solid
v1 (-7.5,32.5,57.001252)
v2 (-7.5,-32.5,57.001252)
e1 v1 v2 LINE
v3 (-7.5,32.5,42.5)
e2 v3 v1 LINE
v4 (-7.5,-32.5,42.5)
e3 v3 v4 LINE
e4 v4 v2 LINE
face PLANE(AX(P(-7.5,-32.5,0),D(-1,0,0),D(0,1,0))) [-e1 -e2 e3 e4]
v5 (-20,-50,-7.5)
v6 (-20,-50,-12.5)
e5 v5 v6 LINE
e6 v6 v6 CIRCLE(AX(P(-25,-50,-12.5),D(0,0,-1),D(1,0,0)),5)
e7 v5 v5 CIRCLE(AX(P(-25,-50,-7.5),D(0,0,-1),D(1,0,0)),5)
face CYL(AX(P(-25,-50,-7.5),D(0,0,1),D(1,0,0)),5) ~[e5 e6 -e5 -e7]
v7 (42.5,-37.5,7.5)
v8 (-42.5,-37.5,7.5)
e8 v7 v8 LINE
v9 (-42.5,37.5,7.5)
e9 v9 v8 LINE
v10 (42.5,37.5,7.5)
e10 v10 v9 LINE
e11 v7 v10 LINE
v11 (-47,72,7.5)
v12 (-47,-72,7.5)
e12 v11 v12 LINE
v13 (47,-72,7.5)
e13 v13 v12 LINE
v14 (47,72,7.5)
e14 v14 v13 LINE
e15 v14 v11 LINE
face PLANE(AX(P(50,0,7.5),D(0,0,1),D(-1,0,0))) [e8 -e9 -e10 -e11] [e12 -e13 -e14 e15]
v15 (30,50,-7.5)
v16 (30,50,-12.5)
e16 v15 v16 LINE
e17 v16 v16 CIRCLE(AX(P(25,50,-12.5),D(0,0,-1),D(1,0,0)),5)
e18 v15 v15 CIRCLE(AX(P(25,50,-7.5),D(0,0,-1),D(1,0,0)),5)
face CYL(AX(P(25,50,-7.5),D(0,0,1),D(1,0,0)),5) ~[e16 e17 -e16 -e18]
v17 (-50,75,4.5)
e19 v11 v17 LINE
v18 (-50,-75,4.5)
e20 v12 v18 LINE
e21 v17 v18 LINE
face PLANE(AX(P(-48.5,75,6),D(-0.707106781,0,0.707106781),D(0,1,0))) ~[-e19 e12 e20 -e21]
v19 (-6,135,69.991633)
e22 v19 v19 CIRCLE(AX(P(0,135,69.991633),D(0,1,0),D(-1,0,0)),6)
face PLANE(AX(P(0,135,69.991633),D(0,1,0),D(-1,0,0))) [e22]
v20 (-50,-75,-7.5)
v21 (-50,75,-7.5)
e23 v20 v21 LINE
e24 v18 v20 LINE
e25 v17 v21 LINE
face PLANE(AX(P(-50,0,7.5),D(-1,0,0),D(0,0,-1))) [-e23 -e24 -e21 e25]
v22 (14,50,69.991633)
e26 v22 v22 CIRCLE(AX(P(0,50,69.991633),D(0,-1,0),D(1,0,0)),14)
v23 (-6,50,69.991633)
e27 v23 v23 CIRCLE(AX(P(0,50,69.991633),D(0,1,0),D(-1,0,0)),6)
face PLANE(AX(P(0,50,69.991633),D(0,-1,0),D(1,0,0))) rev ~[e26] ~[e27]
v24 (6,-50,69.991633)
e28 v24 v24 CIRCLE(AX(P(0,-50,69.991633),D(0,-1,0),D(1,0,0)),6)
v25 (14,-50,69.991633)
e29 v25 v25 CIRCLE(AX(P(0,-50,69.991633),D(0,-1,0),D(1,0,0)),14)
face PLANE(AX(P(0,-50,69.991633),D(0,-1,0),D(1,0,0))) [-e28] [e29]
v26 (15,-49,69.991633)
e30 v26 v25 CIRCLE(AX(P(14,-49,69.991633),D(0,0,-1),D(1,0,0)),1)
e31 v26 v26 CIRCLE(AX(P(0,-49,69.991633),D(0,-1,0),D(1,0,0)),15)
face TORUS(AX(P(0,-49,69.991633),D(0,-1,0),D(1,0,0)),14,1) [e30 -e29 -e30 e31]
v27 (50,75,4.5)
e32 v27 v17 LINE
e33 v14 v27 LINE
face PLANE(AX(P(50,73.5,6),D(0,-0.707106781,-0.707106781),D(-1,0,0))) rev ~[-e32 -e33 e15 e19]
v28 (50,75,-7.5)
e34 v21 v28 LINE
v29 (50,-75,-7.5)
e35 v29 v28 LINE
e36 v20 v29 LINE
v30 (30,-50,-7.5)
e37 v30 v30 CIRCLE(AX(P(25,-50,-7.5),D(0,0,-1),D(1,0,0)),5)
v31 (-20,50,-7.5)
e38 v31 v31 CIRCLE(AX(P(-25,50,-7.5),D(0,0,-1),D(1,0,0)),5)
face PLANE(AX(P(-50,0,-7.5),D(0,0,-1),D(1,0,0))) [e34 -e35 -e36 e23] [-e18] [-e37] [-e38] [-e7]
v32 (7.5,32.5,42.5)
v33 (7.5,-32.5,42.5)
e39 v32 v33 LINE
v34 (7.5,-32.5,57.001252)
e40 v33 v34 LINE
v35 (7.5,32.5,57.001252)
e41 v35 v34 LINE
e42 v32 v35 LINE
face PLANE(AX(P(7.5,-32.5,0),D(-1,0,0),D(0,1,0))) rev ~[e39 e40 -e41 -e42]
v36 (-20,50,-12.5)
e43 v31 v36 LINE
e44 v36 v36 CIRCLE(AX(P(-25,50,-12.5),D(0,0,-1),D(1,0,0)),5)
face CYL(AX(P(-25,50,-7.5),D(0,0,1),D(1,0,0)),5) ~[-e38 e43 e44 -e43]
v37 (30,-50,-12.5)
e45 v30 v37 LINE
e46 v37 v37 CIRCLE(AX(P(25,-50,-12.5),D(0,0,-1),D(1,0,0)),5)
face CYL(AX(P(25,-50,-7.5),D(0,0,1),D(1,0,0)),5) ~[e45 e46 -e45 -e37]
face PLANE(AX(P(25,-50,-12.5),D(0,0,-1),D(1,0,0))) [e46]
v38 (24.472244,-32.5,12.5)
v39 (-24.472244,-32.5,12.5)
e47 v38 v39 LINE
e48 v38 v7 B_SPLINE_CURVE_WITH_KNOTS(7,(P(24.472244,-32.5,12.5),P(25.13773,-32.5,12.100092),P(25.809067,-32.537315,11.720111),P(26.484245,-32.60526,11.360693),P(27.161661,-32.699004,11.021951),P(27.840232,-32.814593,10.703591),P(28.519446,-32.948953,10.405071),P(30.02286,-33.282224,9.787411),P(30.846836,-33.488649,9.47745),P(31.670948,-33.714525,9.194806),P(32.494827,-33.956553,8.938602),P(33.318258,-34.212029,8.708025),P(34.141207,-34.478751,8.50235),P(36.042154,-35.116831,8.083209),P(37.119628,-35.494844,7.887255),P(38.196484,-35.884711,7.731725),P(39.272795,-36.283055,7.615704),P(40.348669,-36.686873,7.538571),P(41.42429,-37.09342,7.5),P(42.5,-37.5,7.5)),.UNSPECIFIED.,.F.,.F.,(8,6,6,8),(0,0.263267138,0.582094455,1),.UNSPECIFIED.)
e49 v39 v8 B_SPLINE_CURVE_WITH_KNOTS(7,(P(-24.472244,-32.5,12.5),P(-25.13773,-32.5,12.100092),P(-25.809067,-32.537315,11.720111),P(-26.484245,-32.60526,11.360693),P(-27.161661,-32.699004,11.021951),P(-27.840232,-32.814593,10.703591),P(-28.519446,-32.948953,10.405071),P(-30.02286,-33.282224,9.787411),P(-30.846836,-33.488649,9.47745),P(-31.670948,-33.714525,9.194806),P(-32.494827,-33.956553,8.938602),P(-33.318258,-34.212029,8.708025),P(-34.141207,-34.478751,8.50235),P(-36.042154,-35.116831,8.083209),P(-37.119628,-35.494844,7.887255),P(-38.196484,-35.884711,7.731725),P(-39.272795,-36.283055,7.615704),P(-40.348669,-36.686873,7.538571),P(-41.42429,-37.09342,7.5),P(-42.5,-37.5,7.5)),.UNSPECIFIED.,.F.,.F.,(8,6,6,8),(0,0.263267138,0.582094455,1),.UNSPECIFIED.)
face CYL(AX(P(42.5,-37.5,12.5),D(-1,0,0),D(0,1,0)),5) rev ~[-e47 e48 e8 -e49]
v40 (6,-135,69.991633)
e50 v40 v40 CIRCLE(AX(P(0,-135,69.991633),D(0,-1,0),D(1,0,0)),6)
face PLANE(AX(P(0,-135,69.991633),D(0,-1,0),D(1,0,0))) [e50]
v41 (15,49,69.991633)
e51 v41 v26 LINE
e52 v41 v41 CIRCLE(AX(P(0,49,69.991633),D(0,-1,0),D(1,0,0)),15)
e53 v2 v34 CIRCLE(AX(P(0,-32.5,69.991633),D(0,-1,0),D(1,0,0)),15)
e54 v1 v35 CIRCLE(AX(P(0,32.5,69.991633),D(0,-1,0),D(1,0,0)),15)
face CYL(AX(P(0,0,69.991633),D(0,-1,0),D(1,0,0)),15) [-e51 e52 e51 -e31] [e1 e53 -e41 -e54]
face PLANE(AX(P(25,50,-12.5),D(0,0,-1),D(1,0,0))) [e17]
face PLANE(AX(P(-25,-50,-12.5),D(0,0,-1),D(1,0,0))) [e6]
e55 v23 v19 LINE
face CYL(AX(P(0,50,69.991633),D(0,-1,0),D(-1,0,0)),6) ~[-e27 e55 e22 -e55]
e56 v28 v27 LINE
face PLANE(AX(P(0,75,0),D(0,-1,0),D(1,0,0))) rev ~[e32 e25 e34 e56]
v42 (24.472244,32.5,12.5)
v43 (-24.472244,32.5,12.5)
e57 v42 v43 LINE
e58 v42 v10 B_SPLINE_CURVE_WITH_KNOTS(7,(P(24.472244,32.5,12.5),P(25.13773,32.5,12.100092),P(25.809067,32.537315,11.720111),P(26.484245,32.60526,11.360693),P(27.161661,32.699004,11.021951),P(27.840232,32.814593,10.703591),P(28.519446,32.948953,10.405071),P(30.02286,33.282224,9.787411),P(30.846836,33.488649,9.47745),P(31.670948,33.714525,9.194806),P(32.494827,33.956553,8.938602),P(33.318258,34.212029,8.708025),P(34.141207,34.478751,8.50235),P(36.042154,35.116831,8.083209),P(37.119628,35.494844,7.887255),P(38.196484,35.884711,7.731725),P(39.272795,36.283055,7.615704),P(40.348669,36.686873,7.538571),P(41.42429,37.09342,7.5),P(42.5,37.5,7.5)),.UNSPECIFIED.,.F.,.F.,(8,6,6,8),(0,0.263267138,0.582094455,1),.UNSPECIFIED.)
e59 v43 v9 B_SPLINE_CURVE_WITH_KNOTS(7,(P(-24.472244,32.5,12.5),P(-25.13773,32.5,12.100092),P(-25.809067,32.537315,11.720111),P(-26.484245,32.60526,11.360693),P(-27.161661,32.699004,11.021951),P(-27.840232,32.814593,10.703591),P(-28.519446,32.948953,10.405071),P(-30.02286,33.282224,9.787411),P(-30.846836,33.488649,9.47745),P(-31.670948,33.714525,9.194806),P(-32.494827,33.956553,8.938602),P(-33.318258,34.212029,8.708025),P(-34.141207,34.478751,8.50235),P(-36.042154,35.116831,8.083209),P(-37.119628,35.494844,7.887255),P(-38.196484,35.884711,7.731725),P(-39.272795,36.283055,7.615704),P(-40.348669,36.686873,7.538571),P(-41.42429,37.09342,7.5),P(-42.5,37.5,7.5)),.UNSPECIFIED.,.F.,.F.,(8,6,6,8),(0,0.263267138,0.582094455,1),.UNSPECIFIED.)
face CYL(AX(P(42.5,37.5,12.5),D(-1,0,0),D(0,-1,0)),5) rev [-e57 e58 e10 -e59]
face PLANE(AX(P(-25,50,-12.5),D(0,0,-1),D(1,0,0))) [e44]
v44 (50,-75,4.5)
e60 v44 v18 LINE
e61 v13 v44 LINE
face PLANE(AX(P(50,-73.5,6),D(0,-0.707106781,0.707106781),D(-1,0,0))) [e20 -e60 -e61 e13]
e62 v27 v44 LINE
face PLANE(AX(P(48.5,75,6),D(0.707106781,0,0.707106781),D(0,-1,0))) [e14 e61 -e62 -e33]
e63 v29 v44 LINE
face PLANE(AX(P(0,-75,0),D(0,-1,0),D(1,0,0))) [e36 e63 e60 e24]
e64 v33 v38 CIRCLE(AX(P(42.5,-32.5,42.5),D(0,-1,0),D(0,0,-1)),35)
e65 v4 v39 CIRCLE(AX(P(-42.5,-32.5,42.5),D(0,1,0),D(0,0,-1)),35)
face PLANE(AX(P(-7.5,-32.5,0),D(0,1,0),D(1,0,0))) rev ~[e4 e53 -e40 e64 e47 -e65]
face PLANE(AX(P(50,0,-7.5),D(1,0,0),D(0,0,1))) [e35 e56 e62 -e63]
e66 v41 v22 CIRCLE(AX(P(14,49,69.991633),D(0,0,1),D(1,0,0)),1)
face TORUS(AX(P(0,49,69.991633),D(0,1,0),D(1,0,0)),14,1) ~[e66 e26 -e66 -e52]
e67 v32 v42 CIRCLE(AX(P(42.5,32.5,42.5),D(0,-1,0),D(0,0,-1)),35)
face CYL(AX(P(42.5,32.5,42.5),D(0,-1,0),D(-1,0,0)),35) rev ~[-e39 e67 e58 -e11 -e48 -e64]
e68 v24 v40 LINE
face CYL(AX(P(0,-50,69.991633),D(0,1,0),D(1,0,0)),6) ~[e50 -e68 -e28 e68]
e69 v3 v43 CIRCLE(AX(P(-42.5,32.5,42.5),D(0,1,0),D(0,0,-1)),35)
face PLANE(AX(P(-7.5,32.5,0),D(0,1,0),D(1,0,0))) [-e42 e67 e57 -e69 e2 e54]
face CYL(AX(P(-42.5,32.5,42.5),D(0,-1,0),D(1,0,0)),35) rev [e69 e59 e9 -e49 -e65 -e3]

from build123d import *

# Parameters (mm, degrees)
F1_DEPTH  = 75
F2_W      = 15
F2_H      = 65
F3_DEPTH  = 70
F4_R      = 15
F5_DEPTH  = 50
F6_R      = 6
F7_DEPTH  = 85
F8_R      = 6
F9_DEPTH  = 85
F10_R     = 5
F11_DEPTH = 5
F12_R     = 35
F13_R     = 5
F14_SIZE  = 3
F15_R     = 1


with BuildPart() as f1:
    # F0 (on Front) → F1 (new body, symmetric)
    with BuildSketch(Plane.XZ):
        Polygon((50, -7.5), (50, 7.5), (-50, 7.5), (-50, -7.5), (-27.5, -7.5), (27.5, -7.5), align=None)
    extrude(amount=F1_DEPTH, both=True)

    # F2 (on Top) → F3 (join)
    with BuildSketch(Plane.XY):
        Rectangle(F2_W, F2_H)
    extrude(amount=F3_DEPTH)

    # F4 (on Front) → F5 (join, symmetric)
    with BuildSketch(Plane.XZ):
        with Locations((0, 69.991633)):
            Circle(F4_R)
    extrude(amount=F5_DEPTH, both=True)

    # F6 (on face) → F7 (join)
    with BuildSketch(Plane(origin=(0, 50, 0), x_dir=(-1, 0, 0), z_dir=(0, 1, 0))):
        with Locations((0, 69.991633)):
            Circle(F6_R)
    extrude(amount=F7_DEPTH)

    # F8 (on face) → F9 (join)
    with BuildSketch(Plane.XZ.offset(50)):
        with Locations((0, 69.991633)):
            Circle(F8_R)
    extrude(amount=F9_DEPTH)

    # F10 (on face) → F11 (join)
    with BuildSketch(Plane(origin=(0, 0, -7.5), x_dir=(1, 0, 0), z_dir=(0, 0, -1))):
        with Locations((-25, 50)):
            Circle(F10_R)
        with Locations((25, 50)):
            Circle(F10_R)
        with Locations((-25, -50)):
            Circle(F10_R)
        with Locations((25, -50)):
            Circle(F10_R)
    extrude(amount=F11_DEPTH)

    # F12
    f12_edges = [f1.edges().sort_by_distance(p)[0] for p in [
        (7.5, 0, 7.5),
        (-7.5, 0, 7.5),
    ]]
    fillet(f12_edges, radius=F12_R)

    # F13
    f13_edges = [f1.edges().sort_by_distance(p)[0] for p in [
        (25, -32.5, 7.5),
        (0, -32.5, 7.5),
        (-25, -32.5, 7.5),
        (25, 32.5, 7.5),
        (0, 32.5, 7.5),
        (-25, 32.5, 7.5),
    ]]
    fillet(f13_edges, radius=F13_R)

    # F14
    f14_edges = [f1.edges().sort_by_distance(p)[0] for p in [
        (-50, 0, 7.5),
        (0, 75, 7.5),
        (50, 0, 7.5),
        (0, -75, 7.5),
    ]]
    chamfer(f14_edges, length=F14_SIZE)

    # F15
    f15_edges = [f1.edges().sort_by_distance(p)[0] for p in [
        (-15, -50, 69.991633),
        (-15, 50, 69.991633),
    ]]
    fillet(f15_edges, radius=F15_R)


solid = f1.part
